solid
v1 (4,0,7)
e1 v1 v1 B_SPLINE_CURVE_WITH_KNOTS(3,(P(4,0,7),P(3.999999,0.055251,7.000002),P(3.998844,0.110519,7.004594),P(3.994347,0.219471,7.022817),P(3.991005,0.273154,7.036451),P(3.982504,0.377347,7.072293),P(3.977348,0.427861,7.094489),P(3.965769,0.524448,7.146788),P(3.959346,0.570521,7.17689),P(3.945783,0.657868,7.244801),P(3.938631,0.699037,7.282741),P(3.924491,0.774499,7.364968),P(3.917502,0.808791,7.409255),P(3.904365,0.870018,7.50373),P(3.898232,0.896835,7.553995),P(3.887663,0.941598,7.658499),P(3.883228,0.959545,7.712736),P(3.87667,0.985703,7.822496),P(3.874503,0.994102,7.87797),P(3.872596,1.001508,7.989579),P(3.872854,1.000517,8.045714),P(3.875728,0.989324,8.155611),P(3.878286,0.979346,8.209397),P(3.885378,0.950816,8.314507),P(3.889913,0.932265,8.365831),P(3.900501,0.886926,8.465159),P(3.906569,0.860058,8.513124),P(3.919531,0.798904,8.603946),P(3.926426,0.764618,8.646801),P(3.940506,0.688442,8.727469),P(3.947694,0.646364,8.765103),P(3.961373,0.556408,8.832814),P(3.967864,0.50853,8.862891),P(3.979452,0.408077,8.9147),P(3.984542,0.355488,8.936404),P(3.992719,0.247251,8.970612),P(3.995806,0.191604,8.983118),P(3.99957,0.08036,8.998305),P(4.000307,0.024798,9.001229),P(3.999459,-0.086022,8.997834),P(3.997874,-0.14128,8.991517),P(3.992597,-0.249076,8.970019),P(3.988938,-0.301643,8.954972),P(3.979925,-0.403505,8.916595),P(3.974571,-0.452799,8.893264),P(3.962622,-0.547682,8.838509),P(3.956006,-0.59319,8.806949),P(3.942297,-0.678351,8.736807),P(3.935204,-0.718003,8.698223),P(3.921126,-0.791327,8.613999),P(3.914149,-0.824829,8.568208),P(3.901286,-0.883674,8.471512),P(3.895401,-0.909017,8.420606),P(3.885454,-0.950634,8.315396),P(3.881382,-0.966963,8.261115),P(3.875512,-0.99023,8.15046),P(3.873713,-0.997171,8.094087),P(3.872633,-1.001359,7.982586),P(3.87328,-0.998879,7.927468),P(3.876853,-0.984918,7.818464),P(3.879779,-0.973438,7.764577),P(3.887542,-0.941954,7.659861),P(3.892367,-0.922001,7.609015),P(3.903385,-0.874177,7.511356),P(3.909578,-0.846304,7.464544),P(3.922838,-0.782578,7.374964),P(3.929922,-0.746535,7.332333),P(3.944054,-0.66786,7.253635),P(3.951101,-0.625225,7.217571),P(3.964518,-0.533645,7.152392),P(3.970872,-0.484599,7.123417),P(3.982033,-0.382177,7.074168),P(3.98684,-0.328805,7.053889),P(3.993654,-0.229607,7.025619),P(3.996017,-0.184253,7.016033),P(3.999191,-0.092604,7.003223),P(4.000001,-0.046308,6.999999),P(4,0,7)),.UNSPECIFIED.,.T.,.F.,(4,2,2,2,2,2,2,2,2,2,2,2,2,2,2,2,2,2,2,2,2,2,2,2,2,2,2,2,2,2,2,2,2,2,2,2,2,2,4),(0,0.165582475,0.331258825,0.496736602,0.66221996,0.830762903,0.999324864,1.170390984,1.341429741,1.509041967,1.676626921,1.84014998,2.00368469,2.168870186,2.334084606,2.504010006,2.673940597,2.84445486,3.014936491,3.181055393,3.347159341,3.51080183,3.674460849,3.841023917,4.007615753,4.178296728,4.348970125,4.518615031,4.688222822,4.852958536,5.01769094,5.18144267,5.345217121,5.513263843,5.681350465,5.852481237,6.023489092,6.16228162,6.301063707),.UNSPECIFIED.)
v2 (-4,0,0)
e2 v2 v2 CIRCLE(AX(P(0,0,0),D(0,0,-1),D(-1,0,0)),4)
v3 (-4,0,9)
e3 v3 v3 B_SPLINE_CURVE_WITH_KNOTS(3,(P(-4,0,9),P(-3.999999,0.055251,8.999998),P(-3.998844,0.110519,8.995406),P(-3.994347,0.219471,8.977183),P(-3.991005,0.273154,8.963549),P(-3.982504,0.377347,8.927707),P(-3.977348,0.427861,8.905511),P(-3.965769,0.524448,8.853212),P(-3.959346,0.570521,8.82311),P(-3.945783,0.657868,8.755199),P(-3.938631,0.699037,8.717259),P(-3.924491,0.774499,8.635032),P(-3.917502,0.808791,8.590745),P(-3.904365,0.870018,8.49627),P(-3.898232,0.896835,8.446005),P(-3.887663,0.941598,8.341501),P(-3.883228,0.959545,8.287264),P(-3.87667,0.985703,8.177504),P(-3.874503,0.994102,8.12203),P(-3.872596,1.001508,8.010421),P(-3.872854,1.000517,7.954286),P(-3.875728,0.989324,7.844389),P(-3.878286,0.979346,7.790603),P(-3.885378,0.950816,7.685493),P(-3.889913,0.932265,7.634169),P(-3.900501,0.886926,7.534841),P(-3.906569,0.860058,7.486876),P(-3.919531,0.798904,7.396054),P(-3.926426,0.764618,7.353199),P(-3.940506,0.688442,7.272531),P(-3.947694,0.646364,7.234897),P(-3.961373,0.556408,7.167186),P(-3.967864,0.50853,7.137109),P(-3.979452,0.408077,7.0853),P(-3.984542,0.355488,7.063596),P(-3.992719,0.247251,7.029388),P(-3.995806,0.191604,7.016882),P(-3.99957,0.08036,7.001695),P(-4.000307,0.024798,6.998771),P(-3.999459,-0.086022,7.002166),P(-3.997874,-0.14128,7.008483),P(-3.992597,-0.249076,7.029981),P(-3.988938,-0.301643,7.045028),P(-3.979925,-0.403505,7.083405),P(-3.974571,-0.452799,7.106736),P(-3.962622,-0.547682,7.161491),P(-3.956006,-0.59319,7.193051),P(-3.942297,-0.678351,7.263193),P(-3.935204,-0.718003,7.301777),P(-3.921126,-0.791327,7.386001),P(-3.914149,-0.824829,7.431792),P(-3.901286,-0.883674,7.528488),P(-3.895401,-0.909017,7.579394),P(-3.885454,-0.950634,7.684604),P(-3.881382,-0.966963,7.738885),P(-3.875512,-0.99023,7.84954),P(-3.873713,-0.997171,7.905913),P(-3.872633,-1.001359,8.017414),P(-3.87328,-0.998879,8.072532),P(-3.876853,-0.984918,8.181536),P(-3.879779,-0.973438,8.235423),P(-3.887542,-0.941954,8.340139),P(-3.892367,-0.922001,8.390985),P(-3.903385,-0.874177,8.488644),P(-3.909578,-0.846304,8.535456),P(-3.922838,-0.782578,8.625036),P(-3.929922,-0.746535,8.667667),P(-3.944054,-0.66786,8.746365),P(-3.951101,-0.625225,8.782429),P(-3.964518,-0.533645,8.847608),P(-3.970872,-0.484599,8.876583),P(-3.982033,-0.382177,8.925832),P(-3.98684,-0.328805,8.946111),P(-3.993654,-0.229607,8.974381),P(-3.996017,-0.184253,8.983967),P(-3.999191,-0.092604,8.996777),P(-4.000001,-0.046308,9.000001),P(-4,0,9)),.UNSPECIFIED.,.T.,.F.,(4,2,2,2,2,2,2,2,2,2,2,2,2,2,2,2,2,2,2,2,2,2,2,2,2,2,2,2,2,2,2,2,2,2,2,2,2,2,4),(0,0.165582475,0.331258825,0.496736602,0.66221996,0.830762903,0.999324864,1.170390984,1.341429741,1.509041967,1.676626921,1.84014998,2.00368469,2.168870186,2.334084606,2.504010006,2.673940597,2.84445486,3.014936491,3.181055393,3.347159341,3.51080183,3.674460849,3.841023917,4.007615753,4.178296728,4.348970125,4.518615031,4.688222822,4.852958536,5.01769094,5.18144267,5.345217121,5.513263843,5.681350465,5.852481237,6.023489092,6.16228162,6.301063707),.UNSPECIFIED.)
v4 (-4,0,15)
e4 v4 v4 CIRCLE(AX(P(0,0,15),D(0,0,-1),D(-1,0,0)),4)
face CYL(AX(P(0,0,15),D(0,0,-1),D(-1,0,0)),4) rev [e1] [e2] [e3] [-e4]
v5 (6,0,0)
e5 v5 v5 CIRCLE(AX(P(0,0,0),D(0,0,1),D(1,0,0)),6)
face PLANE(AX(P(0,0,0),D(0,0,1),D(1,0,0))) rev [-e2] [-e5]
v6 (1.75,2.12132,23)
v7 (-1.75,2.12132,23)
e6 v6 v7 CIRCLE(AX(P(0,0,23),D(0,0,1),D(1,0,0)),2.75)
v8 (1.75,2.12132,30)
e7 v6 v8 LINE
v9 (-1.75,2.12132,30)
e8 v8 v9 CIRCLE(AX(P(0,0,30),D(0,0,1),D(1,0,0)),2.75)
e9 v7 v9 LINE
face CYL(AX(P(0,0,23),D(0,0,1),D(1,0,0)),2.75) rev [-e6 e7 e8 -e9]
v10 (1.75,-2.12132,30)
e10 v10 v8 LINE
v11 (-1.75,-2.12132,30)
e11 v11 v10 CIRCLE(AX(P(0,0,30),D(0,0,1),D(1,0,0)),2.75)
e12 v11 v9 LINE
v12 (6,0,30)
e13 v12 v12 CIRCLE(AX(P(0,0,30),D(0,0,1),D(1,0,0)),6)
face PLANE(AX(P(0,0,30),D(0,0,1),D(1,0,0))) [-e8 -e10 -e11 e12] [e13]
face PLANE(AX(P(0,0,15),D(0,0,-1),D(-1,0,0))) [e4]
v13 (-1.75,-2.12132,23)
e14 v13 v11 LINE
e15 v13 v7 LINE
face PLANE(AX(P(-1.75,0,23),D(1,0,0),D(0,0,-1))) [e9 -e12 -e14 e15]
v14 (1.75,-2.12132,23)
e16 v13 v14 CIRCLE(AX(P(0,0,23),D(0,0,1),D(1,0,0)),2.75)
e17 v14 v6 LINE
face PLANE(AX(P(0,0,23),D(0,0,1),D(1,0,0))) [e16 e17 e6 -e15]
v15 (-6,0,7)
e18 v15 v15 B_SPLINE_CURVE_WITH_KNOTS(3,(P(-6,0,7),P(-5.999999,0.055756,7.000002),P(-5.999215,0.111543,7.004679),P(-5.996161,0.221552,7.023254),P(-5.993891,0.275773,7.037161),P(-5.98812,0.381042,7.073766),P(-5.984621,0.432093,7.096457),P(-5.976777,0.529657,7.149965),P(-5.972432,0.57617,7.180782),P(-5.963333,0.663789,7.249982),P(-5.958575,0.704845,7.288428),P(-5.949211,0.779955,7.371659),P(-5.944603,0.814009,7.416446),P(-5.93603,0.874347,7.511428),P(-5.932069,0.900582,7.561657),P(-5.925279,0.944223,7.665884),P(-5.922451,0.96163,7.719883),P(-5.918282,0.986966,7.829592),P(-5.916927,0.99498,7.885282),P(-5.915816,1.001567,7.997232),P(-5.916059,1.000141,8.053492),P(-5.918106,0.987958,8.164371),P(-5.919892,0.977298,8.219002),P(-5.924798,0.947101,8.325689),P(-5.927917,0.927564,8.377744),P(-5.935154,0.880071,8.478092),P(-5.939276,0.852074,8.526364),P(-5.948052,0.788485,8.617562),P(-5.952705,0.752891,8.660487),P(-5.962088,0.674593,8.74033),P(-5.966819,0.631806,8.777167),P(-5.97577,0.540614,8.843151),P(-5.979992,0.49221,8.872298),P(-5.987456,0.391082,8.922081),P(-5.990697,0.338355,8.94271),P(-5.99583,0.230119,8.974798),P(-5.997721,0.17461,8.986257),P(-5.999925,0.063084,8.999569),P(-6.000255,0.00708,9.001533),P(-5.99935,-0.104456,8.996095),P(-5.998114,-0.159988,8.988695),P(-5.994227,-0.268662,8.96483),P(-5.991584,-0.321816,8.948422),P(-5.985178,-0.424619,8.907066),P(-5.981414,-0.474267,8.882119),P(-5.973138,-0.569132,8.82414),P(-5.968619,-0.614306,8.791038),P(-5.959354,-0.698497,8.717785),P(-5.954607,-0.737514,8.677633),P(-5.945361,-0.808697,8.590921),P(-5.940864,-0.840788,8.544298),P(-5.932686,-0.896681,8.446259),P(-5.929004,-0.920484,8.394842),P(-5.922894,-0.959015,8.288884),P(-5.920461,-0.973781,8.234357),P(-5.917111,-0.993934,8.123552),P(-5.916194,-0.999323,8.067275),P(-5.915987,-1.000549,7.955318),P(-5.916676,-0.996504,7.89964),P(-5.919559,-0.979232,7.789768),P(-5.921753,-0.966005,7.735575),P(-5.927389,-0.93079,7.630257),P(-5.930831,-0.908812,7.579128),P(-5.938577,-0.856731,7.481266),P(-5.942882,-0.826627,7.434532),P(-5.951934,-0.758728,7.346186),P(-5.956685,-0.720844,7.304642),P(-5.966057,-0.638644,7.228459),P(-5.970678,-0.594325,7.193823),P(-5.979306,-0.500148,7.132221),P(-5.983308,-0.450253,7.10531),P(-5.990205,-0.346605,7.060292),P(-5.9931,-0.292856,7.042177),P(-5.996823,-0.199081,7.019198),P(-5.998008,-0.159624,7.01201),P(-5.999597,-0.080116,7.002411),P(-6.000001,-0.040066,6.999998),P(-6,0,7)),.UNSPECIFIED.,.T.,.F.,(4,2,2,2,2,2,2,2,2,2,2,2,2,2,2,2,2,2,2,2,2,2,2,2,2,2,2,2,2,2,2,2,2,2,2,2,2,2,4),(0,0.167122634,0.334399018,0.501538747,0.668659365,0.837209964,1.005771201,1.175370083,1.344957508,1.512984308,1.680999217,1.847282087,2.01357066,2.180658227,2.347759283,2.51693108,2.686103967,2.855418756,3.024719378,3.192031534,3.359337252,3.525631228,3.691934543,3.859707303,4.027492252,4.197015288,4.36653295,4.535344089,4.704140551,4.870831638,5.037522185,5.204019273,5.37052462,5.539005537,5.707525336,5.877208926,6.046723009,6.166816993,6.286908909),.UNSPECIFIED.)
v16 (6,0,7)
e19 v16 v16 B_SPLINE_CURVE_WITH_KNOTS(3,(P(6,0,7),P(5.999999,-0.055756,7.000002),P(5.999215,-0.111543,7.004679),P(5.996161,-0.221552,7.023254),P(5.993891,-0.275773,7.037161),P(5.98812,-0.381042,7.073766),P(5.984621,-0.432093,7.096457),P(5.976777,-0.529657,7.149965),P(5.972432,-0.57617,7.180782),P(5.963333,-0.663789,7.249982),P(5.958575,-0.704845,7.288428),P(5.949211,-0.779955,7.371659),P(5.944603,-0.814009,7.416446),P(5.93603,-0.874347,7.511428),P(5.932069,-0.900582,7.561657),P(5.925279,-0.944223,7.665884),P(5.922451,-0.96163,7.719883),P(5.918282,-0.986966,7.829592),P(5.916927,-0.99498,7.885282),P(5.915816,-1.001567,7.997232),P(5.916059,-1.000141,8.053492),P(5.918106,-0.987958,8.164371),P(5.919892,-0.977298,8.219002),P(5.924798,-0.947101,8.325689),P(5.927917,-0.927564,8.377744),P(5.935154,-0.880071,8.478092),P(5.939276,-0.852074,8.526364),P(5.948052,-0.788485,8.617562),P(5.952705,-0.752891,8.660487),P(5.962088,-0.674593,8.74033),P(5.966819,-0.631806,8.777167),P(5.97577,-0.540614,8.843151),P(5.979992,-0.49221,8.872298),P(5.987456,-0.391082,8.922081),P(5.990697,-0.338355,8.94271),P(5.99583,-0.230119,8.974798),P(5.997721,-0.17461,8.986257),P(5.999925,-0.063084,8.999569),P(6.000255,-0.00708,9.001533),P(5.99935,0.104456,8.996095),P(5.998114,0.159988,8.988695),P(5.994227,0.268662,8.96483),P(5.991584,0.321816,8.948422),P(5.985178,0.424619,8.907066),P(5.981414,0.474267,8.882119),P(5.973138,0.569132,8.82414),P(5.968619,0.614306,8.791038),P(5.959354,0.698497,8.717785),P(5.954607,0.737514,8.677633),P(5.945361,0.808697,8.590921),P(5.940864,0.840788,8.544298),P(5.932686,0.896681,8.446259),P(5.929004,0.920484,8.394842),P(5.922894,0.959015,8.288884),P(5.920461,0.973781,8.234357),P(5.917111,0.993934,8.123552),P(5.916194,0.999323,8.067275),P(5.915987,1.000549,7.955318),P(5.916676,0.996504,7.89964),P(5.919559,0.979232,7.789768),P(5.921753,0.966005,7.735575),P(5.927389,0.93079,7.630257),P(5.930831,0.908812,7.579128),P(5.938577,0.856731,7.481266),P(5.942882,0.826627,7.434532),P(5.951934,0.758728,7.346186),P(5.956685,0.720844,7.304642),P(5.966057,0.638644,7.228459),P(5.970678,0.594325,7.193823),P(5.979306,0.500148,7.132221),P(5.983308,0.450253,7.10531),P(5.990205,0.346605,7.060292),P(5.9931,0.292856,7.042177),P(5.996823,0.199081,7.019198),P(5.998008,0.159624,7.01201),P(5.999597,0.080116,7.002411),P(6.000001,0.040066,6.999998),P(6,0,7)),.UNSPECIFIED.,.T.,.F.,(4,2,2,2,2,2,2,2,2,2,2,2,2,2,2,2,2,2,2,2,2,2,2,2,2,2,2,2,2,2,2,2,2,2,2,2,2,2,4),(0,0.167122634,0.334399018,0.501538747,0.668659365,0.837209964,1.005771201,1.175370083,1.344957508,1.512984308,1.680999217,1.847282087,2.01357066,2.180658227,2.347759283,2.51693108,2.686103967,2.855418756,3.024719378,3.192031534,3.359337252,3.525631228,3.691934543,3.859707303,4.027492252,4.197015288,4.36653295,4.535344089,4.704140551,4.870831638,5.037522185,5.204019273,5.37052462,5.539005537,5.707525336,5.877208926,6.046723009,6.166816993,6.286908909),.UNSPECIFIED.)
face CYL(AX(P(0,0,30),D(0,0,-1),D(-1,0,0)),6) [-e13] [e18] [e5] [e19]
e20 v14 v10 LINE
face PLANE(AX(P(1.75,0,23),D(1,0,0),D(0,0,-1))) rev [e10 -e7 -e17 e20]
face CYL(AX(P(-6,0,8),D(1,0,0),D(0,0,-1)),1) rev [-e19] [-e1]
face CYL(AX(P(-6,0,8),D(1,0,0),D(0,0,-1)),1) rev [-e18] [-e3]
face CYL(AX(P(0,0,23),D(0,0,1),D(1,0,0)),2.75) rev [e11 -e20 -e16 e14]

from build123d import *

# Parameters (mm, degrees)
CROQUIS1_R                 = 6
SALIENTE_EXTRUIR1_DEPTH    = 30
CROQUIS2_R                 = 4
CORTAR_EXTRUIR1_DEPTH      = 15
CROQUIS3_W                 = 3.5
CROQUIS3_H                 = 4.242640688
CORTAR_EXTRUIR2_DEPTH      = 7
CORTAR_EXTRUIR3_DEPTH      = 32.176914536
CORTAR_EXTRUIR3_DEPTH_BACK = 32.176914536
CROQUIS4_R                 = 1


with BuildPart() as part:
    # Croquis1 → Saliente-Extruir1 (new body)
    with BuildSketch(Plane.XY):
        Circle(CROQUIS1_R)
    extrude(amount=SALIENTE_EXTRUIR1_DEPTH)

    # Croquis2 → Cortar-Extruir1 (cut)
    with BuildSketch(Plane(origin=(0, 0, 0), x_dir=(-1, 0, 0), z_dir=(0, 0, -1))):
        Circle(CROQUIS2_R)
    extrude(amount=-CORTAR_EXTRUIR1_DEPTH, mode=Mode.SUBTRACT)

    # Croquis3 → Cortar-Extruir2 (cut)
    with BuildSketch(Plane.XY.offset(30)):
        Rectangle(CROQUIS3_W, CROQUIS3_H)
        with BuildLine():
            ThreePointArc((1.75, 2.121320344), (0, 2.75), (-1.75, 2.121320344))
            Line((-1.75, 2.121320344), (1.75, 2.121320344))
        make_face()
        with BuildLine():
            Line((1.75, -2.121320344), (-1.75, -2.121320344))
            ThreePointArc((-1.75, -2.121320344), (0, -2.75), (1.75, -2.121320344))
        make_face()
    extrude(amount=-CORTAR_EXTRUIR2_DEPTH, mode=Mode.SUBTRACT)

    # Croquis4 → Cortar-Extruir3 (cut, two sides: drawn at the far end of the back side and taken through both)
    with BuildSketch(Plane(origin=(0, 0, 0), x_dir=(0, 0, -1), z_dir=(1, 0, 0)).offset(-CORTAR_EXTRUIR3_DEPTH_BACK)):
        with Locations((-8, 0)):
            Circle(CROQUIS4_R)
    extrude(amount=CORTAR_EXTRUIR3_DEPTH + CORTAR_EXTRUIR3_DEPTH_BACK, mode=Mode.SUBTRACT)


solid = part.part
